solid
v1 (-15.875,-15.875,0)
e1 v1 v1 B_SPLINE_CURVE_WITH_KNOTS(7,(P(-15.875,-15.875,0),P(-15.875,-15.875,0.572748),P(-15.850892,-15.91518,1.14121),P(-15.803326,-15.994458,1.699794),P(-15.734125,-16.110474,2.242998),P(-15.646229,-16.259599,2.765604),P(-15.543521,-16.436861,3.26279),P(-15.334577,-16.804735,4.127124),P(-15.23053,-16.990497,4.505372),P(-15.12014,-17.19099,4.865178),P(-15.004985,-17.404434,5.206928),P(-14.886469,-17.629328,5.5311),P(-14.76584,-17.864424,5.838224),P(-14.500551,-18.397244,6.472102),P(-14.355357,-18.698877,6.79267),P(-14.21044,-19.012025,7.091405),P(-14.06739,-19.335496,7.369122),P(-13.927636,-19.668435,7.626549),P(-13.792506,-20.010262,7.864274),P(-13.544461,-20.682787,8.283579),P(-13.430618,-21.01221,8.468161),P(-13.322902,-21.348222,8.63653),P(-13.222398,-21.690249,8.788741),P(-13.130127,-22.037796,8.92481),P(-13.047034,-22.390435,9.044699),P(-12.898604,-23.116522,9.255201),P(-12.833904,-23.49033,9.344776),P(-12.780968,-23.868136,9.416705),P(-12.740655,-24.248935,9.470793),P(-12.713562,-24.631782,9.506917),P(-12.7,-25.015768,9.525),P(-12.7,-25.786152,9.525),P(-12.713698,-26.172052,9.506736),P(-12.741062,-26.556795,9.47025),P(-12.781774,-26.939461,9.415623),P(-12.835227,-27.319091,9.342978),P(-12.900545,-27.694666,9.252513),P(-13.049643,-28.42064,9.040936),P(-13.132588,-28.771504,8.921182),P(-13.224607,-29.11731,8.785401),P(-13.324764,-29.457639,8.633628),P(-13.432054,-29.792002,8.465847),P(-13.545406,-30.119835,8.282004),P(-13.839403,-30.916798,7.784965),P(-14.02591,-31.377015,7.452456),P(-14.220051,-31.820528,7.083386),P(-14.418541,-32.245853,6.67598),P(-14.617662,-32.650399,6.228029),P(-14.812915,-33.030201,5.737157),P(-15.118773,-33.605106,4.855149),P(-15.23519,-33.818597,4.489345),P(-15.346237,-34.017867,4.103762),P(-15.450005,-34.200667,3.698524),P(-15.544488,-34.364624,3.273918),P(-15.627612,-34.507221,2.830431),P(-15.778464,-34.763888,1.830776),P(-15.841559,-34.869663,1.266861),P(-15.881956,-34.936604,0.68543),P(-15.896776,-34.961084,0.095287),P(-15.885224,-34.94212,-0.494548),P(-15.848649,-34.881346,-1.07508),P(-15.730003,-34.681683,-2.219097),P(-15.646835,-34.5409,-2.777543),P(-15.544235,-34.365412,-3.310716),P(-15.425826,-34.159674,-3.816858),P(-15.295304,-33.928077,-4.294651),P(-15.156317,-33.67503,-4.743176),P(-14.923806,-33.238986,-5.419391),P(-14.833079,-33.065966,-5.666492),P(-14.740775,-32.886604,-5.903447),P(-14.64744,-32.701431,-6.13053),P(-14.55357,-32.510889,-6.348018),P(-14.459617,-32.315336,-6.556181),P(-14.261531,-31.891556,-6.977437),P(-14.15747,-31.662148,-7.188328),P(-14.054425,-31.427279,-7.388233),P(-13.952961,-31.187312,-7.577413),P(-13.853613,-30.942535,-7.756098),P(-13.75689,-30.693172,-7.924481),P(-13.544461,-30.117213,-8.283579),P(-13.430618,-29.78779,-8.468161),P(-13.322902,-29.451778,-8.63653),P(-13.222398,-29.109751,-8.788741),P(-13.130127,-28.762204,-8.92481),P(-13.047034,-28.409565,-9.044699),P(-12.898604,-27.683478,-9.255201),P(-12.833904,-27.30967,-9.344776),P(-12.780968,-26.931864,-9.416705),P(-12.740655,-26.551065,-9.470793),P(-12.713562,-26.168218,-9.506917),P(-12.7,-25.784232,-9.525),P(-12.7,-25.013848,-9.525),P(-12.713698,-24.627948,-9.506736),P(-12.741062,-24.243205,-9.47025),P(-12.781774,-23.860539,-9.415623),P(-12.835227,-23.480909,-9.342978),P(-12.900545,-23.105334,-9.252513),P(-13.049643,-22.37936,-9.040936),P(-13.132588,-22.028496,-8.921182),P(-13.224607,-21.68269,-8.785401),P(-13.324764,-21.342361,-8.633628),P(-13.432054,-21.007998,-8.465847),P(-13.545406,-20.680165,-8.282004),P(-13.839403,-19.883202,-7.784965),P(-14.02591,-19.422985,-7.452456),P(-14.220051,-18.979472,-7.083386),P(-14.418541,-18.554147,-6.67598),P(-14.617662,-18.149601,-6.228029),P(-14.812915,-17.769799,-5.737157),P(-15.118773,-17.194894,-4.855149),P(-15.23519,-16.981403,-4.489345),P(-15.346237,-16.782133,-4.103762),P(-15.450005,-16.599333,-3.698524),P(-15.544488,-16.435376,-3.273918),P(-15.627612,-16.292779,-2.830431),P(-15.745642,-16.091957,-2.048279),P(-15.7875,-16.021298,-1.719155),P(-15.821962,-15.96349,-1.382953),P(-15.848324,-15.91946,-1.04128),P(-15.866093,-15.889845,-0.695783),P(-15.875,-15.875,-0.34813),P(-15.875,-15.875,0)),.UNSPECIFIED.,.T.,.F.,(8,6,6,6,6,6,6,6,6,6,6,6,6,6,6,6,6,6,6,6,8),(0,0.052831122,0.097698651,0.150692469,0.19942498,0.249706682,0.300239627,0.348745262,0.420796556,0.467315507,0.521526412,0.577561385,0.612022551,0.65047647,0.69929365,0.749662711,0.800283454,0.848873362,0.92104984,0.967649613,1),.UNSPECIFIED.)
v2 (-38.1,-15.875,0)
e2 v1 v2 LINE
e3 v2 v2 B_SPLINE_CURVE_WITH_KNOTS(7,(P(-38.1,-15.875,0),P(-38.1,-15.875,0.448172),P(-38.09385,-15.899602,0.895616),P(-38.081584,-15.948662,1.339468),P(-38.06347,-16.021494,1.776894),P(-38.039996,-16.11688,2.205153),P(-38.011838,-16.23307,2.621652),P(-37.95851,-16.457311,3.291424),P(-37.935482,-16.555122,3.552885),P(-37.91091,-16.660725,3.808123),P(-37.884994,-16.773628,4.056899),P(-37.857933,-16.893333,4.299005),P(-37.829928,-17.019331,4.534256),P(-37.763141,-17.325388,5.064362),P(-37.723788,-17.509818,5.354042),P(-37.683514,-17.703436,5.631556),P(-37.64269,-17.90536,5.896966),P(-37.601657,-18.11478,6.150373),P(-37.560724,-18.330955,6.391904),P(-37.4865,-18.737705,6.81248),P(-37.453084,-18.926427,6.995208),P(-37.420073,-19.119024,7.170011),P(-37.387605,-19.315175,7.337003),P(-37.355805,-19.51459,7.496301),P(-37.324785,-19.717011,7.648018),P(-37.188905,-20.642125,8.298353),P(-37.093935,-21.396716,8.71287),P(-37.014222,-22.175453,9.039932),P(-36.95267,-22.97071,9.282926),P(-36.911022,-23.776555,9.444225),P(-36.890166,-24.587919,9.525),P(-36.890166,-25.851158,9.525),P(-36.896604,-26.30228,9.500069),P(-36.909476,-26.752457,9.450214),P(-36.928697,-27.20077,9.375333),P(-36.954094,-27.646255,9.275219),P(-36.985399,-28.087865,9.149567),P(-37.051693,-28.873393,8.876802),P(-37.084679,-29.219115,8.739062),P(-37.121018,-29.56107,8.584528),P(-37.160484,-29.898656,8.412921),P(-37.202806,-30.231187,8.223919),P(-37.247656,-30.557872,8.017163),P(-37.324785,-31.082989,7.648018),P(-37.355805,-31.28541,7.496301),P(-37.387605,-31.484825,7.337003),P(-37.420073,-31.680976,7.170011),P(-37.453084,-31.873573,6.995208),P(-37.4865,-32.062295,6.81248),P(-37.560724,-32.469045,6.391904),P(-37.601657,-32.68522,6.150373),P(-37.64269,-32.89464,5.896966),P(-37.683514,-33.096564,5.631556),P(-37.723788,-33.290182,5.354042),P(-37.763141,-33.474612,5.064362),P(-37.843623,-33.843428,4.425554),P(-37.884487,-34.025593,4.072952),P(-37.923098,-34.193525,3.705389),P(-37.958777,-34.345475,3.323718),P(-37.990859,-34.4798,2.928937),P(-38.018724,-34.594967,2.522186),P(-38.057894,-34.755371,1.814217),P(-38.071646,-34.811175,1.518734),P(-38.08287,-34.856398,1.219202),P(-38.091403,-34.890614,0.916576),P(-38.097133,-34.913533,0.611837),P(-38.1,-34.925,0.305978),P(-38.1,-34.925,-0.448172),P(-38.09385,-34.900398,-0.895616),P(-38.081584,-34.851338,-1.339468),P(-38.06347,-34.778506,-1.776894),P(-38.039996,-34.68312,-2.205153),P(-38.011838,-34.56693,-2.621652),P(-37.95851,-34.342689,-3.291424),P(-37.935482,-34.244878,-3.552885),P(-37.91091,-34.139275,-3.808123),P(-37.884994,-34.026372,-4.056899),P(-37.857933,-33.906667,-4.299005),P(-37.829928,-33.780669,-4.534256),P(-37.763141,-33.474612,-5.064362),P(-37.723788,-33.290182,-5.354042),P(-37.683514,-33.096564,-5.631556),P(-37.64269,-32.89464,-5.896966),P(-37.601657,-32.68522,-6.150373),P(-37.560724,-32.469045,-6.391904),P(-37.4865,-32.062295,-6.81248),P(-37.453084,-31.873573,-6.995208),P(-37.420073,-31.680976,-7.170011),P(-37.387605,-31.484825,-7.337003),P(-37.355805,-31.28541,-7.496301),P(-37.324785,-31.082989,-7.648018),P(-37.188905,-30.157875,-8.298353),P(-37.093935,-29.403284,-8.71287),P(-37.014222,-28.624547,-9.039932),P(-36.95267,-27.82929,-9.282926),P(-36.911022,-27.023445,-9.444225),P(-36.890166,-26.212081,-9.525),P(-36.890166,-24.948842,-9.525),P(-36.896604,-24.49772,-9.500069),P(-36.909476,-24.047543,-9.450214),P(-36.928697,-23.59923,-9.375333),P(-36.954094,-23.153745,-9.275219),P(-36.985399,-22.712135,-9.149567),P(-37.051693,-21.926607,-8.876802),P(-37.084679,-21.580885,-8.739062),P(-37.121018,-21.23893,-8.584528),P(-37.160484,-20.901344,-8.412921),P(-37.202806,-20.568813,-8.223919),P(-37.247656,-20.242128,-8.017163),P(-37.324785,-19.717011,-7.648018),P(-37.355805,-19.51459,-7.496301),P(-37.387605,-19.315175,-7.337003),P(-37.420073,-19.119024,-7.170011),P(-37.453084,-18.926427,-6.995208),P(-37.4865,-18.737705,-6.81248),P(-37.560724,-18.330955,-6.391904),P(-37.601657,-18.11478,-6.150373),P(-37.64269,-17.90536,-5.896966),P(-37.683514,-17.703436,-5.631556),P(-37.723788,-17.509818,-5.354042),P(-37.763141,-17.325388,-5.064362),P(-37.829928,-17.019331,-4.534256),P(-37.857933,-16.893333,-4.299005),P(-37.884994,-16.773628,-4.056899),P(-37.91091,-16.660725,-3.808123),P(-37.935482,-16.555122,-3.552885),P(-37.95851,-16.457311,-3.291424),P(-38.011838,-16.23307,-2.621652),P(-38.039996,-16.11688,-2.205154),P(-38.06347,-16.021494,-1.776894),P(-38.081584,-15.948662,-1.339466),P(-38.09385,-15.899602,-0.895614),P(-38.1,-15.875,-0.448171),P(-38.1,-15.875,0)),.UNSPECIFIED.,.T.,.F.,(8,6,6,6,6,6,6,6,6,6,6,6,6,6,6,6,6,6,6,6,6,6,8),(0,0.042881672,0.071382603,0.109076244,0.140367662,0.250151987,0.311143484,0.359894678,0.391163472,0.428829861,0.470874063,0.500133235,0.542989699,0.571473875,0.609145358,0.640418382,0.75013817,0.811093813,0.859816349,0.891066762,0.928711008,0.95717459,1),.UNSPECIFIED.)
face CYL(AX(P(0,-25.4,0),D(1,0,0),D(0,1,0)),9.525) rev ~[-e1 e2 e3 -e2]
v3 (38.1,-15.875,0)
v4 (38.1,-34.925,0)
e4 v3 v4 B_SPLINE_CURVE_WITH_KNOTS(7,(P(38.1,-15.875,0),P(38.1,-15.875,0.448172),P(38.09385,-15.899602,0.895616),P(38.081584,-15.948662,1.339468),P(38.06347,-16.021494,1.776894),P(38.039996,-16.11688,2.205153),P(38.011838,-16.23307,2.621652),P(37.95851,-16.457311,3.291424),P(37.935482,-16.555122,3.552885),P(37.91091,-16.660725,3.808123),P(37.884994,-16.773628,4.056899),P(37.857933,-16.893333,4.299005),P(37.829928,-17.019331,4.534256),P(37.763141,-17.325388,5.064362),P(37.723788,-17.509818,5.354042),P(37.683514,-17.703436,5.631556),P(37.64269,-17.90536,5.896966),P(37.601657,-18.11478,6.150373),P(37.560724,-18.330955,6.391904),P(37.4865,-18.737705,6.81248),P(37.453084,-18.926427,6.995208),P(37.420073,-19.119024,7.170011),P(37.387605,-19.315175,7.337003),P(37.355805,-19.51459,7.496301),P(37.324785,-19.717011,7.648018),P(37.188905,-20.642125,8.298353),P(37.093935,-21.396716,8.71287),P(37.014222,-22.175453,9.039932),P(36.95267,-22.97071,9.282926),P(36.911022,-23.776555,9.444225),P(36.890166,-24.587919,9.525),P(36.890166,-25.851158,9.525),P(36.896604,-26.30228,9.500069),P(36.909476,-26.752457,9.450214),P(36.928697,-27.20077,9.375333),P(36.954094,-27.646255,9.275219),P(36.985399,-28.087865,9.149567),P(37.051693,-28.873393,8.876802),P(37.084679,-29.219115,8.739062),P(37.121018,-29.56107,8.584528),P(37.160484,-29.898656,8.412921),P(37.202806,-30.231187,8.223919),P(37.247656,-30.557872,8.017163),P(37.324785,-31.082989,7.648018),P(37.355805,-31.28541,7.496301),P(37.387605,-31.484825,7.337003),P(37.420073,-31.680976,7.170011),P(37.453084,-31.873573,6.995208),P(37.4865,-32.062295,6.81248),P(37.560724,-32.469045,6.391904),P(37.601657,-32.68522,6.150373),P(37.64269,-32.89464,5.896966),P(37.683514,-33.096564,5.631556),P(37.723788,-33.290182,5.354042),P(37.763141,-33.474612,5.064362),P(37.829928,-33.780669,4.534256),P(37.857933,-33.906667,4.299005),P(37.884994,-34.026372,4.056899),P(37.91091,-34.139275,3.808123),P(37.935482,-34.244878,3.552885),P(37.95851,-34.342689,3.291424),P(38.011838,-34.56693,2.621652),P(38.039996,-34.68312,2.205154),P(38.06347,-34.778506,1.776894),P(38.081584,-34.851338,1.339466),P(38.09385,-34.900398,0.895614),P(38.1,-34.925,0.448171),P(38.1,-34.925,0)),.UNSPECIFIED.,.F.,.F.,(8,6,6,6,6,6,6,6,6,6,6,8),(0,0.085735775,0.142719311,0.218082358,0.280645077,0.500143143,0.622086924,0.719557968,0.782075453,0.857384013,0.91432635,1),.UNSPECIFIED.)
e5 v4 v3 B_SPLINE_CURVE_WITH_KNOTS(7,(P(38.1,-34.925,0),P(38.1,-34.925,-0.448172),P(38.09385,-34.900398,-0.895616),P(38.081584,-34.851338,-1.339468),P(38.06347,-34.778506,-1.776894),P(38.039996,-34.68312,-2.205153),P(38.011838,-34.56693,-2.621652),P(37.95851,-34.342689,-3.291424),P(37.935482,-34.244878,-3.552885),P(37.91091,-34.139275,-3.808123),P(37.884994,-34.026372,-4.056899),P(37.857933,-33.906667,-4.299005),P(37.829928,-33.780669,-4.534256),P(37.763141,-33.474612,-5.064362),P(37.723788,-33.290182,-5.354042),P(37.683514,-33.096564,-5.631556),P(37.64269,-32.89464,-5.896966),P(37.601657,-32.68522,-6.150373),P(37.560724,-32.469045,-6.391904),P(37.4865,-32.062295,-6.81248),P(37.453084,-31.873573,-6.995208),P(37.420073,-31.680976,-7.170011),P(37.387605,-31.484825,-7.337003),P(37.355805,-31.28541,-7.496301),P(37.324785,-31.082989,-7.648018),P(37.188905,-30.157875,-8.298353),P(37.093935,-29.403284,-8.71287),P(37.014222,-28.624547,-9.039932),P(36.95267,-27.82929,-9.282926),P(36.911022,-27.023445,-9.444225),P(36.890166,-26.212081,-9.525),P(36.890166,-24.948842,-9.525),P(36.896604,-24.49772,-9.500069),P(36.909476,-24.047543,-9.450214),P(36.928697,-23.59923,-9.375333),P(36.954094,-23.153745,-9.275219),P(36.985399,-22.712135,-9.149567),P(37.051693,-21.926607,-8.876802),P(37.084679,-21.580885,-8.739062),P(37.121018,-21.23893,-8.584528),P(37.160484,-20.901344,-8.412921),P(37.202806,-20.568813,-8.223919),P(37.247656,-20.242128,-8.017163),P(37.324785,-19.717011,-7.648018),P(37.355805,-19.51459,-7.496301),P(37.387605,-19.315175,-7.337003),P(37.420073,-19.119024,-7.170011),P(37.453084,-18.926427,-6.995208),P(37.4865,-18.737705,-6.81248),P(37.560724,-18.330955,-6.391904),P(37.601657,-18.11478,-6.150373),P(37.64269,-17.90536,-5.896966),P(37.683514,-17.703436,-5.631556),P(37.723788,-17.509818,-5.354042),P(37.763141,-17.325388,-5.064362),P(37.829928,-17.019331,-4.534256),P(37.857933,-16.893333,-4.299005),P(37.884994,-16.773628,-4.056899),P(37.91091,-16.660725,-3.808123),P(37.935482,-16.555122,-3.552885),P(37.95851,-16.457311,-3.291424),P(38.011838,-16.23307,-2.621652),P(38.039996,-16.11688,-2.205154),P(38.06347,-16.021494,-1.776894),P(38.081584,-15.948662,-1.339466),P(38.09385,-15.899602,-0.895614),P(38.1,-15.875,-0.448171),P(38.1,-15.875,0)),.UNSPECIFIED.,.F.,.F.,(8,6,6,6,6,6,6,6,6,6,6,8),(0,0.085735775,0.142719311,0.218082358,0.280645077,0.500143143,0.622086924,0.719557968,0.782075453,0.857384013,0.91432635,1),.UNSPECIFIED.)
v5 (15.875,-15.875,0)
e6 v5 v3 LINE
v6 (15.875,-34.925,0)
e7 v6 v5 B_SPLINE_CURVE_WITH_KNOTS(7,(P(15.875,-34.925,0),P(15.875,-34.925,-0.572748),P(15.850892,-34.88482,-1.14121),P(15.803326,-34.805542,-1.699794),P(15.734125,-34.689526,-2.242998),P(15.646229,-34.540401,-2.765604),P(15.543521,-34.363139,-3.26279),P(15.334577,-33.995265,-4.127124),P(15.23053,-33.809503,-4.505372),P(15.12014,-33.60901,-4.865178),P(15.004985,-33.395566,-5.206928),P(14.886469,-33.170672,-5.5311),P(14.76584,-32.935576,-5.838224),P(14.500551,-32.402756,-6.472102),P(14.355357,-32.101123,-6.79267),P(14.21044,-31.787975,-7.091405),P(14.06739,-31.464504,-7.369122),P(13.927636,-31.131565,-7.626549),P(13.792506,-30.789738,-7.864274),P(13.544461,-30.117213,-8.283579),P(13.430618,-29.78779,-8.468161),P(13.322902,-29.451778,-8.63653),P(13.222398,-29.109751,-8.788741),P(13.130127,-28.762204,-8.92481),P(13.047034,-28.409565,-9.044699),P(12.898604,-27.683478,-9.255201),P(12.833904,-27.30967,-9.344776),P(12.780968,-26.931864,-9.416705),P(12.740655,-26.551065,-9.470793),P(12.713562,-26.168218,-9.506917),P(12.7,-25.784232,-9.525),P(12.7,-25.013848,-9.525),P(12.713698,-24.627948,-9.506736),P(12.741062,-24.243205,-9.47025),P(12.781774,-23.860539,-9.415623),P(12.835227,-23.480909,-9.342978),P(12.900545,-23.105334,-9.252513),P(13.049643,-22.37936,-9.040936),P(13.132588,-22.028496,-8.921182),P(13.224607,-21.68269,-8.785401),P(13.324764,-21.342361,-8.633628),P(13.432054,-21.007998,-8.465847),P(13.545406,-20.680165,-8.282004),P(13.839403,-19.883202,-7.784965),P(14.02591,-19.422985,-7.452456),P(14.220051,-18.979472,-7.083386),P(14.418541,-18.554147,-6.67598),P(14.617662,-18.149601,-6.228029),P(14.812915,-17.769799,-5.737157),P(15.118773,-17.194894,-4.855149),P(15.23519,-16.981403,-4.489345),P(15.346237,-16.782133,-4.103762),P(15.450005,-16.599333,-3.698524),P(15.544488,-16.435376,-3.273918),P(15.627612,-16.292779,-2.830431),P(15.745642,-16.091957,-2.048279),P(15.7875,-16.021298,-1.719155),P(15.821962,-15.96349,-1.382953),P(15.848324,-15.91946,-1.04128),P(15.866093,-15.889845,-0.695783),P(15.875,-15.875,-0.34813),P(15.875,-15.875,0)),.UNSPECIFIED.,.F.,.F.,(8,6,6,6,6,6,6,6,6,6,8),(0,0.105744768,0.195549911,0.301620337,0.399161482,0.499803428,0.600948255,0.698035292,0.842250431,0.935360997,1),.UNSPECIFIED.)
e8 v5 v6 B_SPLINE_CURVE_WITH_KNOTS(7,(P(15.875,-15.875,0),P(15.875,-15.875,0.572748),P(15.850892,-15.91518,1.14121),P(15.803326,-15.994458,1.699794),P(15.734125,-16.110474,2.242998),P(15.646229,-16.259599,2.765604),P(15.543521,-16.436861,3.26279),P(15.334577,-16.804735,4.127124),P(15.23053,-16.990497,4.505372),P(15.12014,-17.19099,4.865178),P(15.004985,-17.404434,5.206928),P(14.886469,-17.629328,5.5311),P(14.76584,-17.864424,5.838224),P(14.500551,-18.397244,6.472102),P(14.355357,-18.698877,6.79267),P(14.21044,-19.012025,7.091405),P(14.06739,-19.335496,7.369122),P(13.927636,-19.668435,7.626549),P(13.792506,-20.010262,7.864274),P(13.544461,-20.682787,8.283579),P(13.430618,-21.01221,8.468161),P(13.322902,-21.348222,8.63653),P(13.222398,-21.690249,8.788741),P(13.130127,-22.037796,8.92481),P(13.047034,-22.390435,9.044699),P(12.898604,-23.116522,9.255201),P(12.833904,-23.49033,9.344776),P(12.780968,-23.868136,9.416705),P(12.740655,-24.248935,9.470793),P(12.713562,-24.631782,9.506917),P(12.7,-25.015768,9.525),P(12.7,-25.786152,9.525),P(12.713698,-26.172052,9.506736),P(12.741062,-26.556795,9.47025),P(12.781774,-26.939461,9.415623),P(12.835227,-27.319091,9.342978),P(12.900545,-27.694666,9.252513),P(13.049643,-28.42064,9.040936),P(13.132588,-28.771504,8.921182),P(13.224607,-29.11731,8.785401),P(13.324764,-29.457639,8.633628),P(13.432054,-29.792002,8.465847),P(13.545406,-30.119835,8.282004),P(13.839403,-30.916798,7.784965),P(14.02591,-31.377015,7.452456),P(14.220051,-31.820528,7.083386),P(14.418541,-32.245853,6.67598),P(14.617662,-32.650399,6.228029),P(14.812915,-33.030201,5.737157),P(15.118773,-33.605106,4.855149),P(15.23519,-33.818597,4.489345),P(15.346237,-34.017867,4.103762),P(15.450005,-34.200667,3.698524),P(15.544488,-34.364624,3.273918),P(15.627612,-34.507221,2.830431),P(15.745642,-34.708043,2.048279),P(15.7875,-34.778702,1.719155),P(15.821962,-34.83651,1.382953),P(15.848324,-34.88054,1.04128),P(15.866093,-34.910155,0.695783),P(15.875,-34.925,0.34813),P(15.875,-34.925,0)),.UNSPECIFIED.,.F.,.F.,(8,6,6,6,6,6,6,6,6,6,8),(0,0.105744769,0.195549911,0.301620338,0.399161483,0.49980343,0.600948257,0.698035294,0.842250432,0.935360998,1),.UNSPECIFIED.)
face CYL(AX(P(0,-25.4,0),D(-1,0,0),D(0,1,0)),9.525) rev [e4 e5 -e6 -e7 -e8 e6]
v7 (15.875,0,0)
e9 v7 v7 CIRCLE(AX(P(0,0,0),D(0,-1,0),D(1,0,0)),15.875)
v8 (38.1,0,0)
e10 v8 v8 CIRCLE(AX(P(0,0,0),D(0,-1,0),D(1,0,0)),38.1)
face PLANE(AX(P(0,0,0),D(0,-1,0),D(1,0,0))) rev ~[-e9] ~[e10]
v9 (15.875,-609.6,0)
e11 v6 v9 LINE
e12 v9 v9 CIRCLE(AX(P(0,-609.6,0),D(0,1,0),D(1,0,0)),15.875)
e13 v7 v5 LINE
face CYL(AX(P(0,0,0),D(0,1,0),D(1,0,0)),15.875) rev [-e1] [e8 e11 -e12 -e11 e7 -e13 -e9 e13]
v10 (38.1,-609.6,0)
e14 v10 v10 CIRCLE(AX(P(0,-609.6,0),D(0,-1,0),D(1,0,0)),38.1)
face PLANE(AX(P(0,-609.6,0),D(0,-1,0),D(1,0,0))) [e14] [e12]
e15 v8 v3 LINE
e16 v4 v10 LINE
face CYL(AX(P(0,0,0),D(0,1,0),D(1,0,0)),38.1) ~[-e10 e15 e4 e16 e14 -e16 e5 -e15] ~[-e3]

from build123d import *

# Parameters (mm, degrees)
F0_R          = 38.1
F1_DEPTH      = 609.6
F2_R          = 9.525
F3_DEPTH      = 38.101
F3_DEPTH_BACK = 38.101
F4_R          = 15.875
F5_DEPTH      = 609.6010001


with BuildPart() as f1:
    # F0 (on Front) → F1 (new body)
    with BuildSketch(Plane.XZ):
        Circle(F0_R)
    extrude(amount=F1_DEPTH)

    # F2 (on Right) → F3 (cut, two sides)
    with BuildSketch(Plane.YZ) as f3_sk:
        with Locations((-25.4, 0)):
            Circle(F2_R)
    extrude(amount=-F3_DEPTH, mode=Mode.SUBTRACT)
    extrude(f3_sk.sketch, amount=F3_DEPTH_BACK, mode=Mode.SUBTRACT)

    # F4 (on Front) → F5 (cut, through all)
    with BuildSketch(Plane.XZ):
        Circle(F4_R)
    extrude(amount=F5_DEPTH, mode=Mode.SUBTRACT)


solid = f1.part
